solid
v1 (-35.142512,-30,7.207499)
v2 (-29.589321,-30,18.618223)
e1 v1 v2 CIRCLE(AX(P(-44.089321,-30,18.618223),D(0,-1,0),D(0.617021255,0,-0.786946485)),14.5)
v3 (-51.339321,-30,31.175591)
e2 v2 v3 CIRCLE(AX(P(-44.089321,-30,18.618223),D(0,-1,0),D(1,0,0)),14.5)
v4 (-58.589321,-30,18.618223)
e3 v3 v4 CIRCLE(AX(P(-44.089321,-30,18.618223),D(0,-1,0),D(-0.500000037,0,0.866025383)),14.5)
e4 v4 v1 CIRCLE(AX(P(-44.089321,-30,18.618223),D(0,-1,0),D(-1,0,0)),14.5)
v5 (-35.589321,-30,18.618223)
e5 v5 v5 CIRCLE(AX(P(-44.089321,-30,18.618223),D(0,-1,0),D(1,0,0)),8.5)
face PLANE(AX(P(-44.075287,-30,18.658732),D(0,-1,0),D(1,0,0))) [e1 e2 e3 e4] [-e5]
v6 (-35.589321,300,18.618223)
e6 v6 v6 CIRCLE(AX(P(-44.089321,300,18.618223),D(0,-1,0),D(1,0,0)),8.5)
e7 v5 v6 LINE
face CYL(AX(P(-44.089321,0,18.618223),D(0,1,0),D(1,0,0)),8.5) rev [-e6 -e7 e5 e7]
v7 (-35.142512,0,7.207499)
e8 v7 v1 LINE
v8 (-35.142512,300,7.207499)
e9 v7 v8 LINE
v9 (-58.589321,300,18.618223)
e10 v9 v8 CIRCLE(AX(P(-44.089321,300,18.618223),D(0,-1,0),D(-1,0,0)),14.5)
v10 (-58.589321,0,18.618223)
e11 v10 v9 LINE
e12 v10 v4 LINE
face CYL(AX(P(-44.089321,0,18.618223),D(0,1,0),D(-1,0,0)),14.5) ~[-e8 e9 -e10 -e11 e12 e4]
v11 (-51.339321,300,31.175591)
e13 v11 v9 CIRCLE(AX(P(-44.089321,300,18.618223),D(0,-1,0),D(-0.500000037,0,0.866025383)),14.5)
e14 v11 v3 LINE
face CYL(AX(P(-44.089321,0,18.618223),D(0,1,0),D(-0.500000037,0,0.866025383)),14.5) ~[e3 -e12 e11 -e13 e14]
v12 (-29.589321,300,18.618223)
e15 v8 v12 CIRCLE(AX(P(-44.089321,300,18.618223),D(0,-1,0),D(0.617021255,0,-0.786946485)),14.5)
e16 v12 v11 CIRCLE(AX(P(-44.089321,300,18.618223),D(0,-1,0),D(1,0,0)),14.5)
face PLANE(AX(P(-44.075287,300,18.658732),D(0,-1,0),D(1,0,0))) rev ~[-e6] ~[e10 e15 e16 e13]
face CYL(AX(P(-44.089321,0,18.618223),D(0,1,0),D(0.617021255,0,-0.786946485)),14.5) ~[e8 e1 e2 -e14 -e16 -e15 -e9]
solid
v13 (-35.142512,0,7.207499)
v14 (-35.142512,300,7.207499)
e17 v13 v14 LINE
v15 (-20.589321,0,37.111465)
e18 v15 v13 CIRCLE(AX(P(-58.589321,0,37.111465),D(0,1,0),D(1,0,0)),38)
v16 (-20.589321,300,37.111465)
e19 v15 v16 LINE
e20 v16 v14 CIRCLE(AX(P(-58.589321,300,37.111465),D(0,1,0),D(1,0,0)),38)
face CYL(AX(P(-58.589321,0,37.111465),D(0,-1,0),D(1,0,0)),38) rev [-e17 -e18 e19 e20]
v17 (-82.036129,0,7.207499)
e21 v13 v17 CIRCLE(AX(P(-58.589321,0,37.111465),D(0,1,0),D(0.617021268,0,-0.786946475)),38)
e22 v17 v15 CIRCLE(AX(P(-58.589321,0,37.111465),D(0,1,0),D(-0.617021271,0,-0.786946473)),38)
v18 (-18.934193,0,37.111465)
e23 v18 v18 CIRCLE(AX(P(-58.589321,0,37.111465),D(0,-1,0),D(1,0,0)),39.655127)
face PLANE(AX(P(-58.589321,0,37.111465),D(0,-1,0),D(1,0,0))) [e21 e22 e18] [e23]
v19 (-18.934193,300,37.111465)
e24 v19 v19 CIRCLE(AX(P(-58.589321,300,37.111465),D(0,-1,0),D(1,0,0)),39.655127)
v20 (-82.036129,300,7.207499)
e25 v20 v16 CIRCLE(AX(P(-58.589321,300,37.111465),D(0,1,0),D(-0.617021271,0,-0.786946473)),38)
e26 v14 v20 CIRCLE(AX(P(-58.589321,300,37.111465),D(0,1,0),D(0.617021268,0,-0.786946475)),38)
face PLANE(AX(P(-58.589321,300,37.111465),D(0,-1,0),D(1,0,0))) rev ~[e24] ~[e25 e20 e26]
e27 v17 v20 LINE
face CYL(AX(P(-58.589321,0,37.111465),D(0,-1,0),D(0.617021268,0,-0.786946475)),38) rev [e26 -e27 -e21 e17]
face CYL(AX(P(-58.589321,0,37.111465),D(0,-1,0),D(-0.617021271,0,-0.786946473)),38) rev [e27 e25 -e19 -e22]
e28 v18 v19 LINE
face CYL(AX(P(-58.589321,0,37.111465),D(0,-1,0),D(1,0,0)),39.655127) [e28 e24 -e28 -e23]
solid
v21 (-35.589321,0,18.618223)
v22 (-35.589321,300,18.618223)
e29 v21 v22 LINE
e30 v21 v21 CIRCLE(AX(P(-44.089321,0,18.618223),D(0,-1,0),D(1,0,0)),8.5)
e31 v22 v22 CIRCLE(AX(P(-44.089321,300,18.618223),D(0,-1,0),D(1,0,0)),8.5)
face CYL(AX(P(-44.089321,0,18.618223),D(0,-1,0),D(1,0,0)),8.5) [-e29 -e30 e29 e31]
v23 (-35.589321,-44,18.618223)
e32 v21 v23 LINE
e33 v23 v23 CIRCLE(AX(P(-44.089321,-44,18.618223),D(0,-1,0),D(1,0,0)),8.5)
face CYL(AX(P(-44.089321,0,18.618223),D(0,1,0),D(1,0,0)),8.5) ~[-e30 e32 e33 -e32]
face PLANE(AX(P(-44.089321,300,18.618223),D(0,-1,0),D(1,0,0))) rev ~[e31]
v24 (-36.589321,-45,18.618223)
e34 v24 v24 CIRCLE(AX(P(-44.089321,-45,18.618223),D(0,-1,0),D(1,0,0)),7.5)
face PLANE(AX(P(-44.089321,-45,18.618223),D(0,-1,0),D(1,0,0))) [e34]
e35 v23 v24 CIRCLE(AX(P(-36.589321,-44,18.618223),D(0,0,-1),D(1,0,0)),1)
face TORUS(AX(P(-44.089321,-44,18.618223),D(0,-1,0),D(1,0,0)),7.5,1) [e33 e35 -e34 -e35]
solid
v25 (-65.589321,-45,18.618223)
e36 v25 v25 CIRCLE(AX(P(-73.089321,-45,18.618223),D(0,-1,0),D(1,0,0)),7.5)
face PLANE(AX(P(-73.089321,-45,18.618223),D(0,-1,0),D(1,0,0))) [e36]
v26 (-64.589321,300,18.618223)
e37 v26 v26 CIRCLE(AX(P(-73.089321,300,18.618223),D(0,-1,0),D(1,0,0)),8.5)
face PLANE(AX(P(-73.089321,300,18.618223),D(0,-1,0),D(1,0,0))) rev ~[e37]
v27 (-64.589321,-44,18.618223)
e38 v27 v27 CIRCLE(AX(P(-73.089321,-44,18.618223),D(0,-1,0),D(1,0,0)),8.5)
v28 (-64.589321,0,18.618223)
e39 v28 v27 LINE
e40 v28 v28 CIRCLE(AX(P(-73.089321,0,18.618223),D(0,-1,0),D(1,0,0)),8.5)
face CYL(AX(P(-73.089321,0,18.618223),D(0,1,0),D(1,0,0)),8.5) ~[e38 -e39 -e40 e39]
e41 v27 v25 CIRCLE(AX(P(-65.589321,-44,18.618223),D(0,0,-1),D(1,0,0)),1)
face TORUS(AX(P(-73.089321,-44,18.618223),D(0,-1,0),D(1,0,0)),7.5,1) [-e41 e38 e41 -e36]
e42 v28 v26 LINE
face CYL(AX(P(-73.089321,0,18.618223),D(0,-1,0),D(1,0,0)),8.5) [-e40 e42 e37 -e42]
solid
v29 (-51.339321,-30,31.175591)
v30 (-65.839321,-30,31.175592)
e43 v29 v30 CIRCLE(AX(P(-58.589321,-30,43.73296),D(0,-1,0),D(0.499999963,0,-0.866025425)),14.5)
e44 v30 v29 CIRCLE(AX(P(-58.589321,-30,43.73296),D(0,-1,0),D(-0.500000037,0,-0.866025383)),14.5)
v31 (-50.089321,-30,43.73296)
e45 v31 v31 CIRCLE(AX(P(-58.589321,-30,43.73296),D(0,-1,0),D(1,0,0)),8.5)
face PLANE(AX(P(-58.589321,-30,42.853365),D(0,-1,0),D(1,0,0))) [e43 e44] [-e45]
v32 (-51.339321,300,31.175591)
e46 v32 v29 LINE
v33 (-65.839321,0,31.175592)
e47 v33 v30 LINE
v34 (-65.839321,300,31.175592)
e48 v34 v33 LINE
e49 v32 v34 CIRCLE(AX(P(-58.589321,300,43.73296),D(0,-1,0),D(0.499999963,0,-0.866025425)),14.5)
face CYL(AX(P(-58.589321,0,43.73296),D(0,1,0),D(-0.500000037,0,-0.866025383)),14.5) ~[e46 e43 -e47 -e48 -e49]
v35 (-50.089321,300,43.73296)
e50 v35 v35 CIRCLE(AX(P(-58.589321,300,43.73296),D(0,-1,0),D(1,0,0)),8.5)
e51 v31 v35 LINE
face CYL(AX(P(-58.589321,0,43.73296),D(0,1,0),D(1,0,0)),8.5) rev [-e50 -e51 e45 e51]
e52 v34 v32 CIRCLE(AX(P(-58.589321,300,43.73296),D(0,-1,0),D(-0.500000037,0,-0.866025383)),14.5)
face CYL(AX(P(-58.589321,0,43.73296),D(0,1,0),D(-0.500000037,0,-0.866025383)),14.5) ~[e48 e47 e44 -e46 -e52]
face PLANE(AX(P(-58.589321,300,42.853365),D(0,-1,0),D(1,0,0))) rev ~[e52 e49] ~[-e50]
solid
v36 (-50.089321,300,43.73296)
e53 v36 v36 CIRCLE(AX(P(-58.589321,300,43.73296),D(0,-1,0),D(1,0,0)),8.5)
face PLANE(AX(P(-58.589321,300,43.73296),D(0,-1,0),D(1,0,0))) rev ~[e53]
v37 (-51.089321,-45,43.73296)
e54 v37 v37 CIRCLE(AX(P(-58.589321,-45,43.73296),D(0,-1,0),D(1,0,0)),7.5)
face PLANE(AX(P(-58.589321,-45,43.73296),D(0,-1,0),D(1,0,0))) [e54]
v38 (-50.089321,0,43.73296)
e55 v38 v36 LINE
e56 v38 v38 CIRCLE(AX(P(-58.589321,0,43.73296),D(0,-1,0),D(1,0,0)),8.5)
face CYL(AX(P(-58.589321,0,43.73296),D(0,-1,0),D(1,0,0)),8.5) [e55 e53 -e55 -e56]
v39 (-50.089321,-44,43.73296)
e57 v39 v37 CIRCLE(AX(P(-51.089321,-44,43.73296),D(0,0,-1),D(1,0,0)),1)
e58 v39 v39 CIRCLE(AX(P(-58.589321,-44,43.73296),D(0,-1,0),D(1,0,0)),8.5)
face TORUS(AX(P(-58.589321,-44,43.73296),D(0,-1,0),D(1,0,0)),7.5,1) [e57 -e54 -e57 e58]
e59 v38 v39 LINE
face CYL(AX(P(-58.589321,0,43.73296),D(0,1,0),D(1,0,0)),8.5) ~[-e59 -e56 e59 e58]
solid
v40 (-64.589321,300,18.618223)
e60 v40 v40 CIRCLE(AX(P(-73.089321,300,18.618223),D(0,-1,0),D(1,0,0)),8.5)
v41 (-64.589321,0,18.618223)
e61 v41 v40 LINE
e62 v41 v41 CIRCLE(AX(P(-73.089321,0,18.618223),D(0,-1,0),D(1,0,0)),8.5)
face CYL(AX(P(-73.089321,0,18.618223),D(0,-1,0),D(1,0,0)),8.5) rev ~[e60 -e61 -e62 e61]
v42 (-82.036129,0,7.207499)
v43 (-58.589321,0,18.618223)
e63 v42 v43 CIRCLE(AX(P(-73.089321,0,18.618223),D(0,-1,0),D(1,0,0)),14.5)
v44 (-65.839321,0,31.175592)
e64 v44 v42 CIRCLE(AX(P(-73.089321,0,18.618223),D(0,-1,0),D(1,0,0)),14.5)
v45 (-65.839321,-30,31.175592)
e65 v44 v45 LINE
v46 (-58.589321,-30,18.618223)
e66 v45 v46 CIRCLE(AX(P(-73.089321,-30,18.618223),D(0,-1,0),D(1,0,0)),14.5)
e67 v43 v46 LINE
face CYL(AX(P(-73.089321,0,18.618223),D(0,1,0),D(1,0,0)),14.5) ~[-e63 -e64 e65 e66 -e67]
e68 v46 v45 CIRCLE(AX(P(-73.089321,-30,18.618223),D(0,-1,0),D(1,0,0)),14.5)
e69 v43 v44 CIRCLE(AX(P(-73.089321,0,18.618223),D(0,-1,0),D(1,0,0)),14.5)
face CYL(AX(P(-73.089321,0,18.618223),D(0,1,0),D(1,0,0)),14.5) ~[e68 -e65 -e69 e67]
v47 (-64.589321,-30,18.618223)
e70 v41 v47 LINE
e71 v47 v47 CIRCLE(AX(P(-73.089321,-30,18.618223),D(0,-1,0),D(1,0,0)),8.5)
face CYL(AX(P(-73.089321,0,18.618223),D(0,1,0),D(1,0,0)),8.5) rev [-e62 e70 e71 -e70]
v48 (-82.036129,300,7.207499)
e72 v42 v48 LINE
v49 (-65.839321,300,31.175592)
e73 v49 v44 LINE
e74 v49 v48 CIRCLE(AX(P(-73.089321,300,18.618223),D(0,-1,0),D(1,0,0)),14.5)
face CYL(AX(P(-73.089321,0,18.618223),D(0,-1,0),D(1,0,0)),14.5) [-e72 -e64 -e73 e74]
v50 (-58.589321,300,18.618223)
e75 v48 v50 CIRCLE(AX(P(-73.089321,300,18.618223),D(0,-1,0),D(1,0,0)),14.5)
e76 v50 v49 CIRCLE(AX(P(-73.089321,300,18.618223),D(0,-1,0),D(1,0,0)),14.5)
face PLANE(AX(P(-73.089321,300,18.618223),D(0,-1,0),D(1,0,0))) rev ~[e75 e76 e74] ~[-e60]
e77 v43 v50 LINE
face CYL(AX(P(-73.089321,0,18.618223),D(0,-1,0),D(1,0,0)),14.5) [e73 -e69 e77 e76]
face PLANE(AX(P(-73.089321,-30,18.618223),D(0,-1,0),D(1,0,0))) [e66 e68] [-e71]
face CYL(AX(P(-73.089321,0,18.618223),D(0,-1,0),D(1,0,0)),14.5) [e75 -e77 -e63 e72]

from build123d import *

# Parameters (mm, degrees)
F0_R          = 39.6551273515
F1_DEPTH      = 300
F0_R_2        = 8.5
F2_DEPTH      = 300
F2_DEPTH_BACK = 30
F3_DEPTH      = 300
F3_DEPTH_BACK = 45
F4_R          = 1
F4_2_R        = 1
F4_3_R        = 1


with BuildPart() as f1:
    # F0 (on Front) → F1 (new body)
    with BuildSketch(Plane.XZ):
        with Locations((-58.5893206298, 37.1114652178)):
            Circle(F0_R)
        with BuildLine():
            ThreePointArc((-82.0361289194, 7.2074992429), (-75.2179297869, 71.2800086094), (-20.5893206298, 37.1114652178))
            ThreePointArc((-20.5893206298, 37.1114652178), (-24.4207772637, 20.4828560086), (-35.1425124316, 7.2074991713))
            ThreePointArc((-35.1425124316, 7.2074991713), (-58.5893206879, -0.8885347822), (-82.0361289194, 7.2074992429))
        make_face(mode=Mode.SUBTRACT)
    extrude(amount=-F1_DEPTH)



with BuildPart() as f2:
    # F0 (on Front) → F2 (new body, two sides)
    with BuildSketch(Plane.XZ) as f2_sk:
        with BuildLine():
            ThreePointArc((-44.0893206298, 43.7329599187), (-65.8393203648, 56.2903284266), (-65.83932116, 31.1755918699))
            ThreePointArc((-65.83932116, 31.1755918699), (-58.5893212438, 29.2329599187), (-51.3393211631, 31.1755912559))
            ThreePointArc((-51.3393211631, 31.1755912559), (-46.0319524289, 36.482959652), (-44.0893206298, 43.7329599187))
        make_face()
        with Locations((-58.5893206298, 43.7329599187)):
            Circle(F0_R_2, mode=Mode.SUBTRACT)
    extrude(amount=-F2_DEPTH)
    extrude(f2_sk.sketch, amount=F2_DEPTH_BACK)


with BuildPart() as f1_1:
    add(f1.part)

    add(f2.part)  # F2#2 merges F2
    # F0 (on Front) → F2, piece 2 (join, two sides)
    with BuildSketch(Plane.XZ) as f2_2_sk:
        with BuildLine():
            ThreePointArc((-65.83932116, 31.1755918699), (-85.1033605868, 26.7368957552), (-82.0361289194, 7.2074992429))
            ThreePointArc((-82.0361289194, 7.2074992429), (-66.7441933734, 5.5802264265), (-58.5893206298, 18.6182232089))
            ThreePointArc((-58.5893206298, 18.6182232089), (-60.531952428, 25.868223474), (-65.83932116, 31.1755918699))
        make_face()
        with Locations((-73.0893206298, 18.6182232089)):
            Circle(F0_R_2, mode=Mode.SUBTRACT)
        with BuildLine():
            ThreePointArc((-58.5893206298, 18.6182232089), (-50.4344479385, 5.5802264519), (-35.1425124316, 7.2074991713))
            ThreePointArc((-35.1425124316, 7.2074991713), (-31.0513238728, 12.2730959003), (-29.5893206298, 18.6182232089))
            ThreePointArc((-29.5893206298, 18.6182232089), (-36.8393208965, 31.1755917178), (-51.3393211631, 31.1755912559))
            ThreePointArc((-51.3393211631, 31.1755912559), (-56.6466891387, 25.8682229423), (-58.5893206298, 18.6182232089))
        make_face()
        with Locations((-44.0893206298, 18.6182232089)):
            Circle(F0_R_2, mode=Mode.SUBTRACT)
    extrude(amount=-F2_DEPTH)
    extrude(f2_2_sk.sketch, amount=F2_DEPTH_BACK)


with BuildPart() as f3:
    # F0 (on Front) → F3 (new body, two sides)
    with BuildSketch(Plane.XZ) as f3_sk:
        with Locations((-58.5893206298, 43.7329599187)):
            Circle(F0_R_2)
    extrude(amount=-F3_DEPTH)
    extrude(f3_sk.sketch, amount=F3_DEPTH_BACK)

    # F4
    f4_edges = [f3.edges().sort_by_distance(p)[0] for p in [
        (-67.089321, -45, 43.73296),
    ]]
    fillet(f4_edges, radius=F4_R)


with BuildPart() as f3b:
    # F0 (on Front) → F3, piece 2 (new body, two sides)
    with BuildSketch(Plane.XZ) as f3_2_sk:
        with Locations((-73.0893206298, 18.6182232089)):
            Circle(F0_R_2)
    extrude(amount=-F3_DEPTH)
    extrude(f3_2_sk.sketch, amount=F3_DEPTH_BACK)

    # F4#2
    f4_2_edges = [f3b.edges().sort_by_distance(p)[0] for p in [
        (-81.589321, -45, 18.618223),
    ]]
    fillet(f4_2_edges, radius=F4_2_R)


with BuildPart() as f3c:
    # F0 (on Front) → F3, piece 3 (new body, two sides)
    with BuildSketch(Plane.XZ) as f3_3_sk:
        with Locations((-44.0893206298, 18.6182232089)):
            Circle(F0_R_2)
    extrude(amount=-F3_DEPTH)
    extrude(f3_3_sk.sketch, amount=F3_DEPTH_BACK)

    # F4#3
    f4_3_edges = [f3c.edges().sort_by_distance(p)[0] for p in [
        (-52.589321, -45, 18.618223),
    ]]
    fillet(f4_3_edges, radius=F4_3_R)


solid = Compound([f1_1.part, f3.part, f3b.part, f3c.part])
